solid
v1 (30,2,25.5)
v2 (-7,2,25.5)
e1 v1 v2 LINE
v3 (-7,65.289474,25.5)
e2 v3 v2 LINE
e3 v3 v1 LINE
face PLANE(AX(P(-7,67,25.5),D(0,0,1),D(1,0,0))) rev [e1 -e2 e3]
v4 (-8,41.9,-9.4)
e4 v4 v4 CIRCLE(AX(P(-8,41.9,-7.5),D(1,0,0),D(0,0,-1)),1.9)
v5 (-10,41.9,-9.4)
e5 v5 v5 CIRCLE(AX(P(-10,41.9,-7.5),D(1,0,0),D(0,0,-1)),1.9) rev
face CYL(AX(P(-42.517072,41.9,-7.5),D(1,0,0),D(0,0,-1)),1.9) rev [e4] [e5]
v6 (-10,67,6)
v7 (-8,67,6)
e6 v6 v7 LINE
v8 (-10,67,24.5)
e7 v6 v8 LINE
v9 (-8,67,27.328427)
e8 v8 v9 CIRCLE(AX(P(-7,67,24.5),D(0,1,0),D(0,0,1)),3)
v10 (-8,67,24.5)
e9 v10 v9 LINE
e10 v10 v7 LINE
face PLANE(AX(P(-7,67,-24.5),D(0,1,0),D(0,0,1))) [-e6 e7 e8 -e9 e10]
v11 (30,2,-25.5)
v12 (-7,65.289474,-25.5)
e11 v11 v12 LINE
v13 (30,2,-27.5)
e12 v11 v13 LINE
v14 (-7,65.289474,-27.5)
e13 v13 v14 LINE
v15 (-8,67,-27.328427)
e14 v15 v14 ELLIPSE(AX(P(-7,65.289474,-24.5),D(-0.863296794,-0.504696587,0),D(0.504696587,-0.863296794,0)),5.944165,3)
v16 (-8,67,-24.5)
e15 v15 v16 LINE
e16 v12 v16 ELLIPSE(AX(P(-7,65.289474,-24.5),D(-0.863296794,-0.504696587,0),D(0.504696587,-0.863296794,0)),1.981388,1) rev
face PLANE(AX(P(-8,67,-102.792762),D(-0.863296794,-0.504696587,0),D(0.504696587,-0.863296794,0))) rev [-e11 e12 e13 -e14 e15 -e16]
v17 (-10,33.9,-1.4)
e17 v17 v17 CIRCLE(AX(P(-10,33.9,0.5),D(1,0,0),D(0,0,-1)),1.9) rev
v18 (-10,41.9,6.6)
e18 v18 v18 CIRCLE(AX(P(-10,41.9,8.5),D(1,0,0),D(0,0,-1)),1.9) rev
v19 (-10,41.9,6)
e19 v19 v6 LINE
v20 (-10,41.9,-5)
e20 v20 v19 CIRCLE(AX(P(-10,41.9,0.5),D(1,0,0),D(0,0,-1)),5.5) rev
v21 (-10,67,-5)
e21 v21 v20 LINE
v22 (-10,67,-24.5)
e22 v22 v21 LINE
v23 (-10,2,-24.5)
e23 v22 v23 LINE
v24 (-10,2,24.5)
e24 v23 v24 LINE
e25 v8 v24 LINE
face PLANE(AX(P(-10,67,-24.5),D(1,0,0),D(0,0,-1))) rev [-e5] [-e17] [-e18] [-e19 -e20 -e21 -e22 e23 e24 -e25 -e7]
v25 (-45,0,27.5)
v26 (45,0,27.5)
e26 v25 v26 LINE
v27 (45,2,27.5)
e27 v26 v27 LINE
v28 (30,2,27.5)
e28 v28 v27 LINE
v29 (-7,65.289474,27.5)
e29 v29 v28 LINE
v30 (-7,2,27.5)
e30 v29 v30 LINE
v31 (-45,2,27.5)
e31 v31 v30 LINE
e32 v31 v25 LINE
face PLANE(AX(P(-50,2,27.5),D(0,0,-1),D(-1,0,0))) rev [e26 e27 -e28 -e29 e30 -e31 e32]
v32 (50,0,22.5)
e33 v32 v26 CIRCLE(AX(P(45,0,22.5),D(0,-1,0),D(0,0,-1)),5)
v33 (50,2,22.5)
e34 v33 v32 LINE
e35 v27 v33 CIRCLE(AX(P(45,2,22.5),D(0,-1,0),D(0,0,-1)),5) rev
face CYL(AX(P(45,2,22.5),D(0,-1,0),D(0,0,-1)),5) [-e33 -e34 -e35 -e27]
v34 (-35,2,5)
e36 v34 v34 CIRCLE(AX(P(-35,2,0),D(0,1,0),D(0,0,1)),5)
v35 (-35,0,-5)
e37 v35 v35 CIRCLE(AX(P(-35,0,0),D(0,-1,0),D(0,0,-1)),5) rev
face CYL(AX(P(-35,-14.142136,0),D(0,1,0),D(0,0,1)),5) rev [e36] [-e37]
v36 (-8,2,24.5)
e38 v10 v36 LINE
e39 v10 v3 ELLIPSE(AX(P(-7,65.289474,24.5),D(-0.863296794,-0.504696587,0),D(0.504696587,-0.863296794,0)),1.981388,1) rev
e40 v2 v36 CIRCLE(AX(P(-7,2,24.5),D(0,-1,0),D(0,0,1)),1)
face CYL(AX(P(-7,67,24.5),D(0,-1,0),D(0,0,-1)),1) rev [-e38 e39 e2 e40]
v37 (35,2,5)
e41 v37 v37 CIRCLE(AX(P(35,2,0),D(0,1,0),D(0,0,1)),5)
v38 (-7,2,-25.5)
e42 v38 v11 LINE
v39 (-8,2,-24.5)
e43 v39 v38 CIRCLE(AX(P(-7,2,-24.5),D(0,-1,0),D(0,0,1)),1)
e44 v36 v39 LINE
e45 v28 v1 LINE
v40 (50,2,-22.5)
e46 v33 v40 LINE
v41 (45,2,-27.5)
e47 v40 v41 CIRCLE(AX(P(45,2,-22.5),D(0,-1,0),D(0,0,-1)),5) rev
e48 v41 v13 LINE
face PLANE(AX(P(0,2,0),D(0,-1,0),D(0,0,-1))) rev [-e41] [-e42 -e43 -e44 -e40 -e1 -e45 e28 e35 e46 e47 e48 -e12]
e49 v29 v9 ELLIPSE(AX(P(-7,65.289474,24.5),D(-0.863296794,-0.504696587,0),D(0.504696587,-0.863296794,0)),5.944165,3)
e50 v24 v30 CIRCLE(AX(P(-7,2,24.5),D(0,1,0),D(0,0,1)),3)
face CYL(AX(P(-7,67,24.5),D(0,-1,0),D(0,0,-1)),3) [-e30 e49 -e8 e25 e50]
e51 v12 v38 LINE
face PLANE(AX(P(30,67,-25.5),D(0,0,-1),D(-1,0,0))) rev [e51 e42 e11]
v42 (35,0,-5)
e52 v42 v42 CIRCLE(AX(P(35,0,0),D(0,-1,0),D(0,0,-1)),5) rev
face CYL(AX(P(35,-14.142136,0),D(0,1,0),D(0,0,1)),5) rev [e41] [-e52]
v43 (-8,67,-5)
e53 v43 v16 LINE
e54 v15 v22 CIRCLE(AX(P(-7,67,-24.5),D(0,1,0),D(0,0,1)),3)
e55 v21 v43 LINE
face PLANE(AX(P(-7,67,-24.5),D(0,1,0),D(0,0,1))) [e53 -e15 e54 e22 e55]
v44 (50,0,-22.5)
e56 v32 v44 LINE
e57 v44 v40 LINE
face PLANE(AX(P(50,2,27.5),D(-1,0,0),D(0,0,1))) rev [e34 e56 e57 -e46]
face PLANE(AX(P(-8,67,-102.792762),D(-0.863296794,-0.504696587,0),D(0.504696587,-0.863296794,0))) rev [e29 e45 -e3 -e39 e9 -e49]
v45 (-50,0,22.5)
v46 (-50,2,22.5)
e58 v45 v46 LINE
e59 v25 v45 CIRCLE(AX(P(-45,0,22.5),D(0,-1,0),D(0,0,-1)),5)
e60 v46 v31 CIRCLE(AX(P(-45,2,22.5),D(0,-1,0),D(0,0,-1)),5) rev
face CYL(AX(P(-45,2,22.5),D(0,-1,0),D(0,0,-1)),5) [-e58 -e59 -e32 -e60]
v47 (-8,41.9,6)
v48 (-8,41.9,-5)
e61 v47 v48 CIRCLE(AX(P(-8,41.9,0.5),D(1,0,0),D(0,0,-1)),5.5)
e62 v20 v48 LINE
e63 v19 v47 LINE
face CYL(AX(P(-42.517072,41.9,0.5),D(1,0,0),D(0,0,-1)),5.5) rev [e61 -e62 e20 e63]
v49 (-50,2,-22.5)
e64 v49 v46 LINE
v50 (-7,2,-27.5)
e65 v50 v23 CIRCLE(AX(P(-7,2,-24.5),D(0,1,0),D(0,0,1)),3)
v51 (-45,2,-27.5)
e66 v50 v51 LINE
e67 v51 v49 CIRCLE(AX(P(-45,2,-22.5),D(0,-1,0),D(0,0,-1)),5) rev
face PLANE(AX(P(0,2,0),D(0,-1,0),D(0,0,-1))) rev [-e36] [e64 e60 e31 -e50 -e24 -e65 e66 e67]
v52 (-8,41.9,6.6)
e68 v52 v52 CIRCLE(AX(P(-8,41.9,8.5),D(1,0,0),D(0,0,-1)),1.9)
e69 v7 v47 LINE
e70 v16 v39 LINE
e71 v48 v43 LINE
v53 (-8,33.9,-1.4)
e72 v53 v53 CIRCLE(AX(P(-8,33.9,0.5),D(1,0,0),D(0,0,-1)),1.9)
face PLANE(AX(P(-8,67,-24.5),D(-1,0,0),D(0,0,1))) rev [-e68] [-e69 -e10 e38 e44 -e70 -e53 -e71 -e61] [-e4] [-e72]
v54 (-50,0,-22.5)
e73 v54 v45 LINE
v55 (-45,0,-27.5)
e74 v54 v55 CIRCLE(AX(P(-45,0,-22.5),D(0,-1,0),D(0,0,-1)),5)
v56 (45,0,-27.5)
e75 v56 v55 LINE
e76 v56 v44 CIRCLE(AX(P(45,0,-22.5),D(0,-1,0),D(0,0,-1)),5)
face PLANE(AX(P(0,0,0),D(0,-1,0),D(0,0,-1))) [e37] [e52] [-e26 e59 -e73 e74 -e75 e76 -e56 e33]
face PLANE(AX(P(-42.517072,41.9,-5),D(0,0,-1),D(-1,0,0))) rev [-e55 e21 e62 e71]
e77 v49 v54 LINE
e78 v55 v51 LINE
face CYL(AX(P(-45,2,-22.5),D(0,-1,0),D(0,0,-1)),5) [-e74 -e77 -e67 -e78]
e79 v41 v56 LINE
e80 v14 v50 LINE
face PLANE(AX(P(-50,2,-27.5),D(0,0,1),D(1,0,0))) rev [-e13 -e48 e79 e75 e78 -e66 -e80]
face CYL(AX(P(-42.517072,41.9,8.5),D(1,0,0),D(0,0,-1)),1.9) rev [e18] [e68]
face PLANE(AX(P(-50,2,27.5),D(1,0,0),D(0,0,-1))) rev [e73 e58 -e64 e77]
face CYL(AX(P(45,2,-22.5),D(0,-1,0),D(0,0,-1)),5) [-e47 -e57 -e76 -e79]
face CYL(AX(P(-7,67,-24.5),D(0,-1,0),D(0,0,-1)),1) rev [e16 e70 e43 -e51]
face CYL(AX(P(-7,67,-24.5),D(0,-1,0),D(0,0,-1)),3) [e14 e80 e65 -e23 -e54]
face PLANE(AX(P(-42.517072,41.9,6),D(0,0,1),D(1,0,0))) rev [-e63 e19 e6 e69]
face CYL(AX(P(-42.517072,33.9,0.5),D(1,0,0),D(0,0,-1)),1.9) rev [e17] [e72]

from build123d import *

# Parameters (mm, degrees)
CROQUIS1_W              = 100
CROQUIS1_H              = 55
SALIENTE_EXTRUIR1_DEPTH = 2
CROQUIS2_R              = 5
CORTAR_EXTRUIR1_DEPTH   = 2
SALIENTE_EXTRUIR2_DEPTH = 65
CORTAR_EXTRUIR2_DEPTH   = 55
REDONDEO1_R             = 5
CROQUIS6_R              = 1.9
CORTAR_EXTRUIR3_DEPTH   = 2


with BuildPart() as part:
    # Croquis1 → Saliente-Extruir1 (new body)
    with BuildSketch(Plane(origin=(0, 0, 0), x_dir=(1, 0, 0), z_dir=(0, 1, 0))):
        Rectangle(CROQUIS1_W, CROQUIS1_H)
    extrude(amount=SALIENTE_EXTRUIR1_DEPTH)

    # Croquis2 → Cortar-Extruir1 (cut)
    with BuildSketch(Plane(origin=(0, 2, 0), x_dir=(1, 0, 0), z_dir=(0, 1, 0))):
        with Locations((35, 0)):
            Circle(CROQUIS2_R)
        with Locations((-35, 0)):
            Circle(CROQUIS2_R)
    extrude(amount=-CORTAR_EXTRUIR1_DEPTH, mode=Mode.SUBTRACT)

    # Croquis3 → Saliente-Extruir2 (add)
    with BuildSketch(Plane(origin=(0, 2, 0), x_dir=(1, 0, 0), z_dir=(0, 1, 0))):
        with BuildLine():
            Line((30, 27.5), (-7, 27.5))
            ThreePointArc((-7, 27.5), (-9.121320344, 26.621320344), (-10, 24.5))
            Line((-10, 24.5), (-10, -24.5))
            ThreePointArc((-10, -24.5), (-9.121320344, -26.621320344), (-7, -27.5))
            Line((-7, -27.5), (30, -27.5))
            Line((30, -27.5), (30, -25.5))
            Line((30, -25.5), (-7, -25.5))
            ThreePointArc((-7, -25.5), (-7.707106781, -25.207106781), (-8, -24.5))
            Line((-8, -24.5), (-8, 24.5))
            ThreePointArc((-8, 24.5), (-7.707106781, 25.207106781), (-7, 25.5))
            Line((-7, 25.5), (30, 25.5))
            Line((30, 25.5), (30, 27.5))
        make_face()
    extrude(amount=SALIENTE_EXTRUIR2_DEPTH)

    # Croquis4 → Cortar-Extruir2 (cut)
    with BuildSketch(Plane.XY.offset(27.5)):
        Polygon((-8, 67), (30, 2), (30, 67), align=None)
    extrude(amount=-CORTAR_EXTRUIR2_DEPTH, mode=Mode.SUBTRACT)

    # Redondeo1
    redondeo1_edges = [part.edges().sort_by_distance(p)[0] for p in [
        (50, 1, 27.5),
        (-50, 1, 27.5),
        (-50, 1, -27.5),
        (50, 1, -27.5),
    ]]
    fillet(redondeo1_edges, radius=REDONDEO1_R)

    # Croquis6 → Cortar-Extruir3 (cut)
    with BuildSketch(Plane(origin=(-8, 0, 0), x_dir=(0, 0, -1), z_dir=(1, 0, 0))):
        with Locations((-8.5, 41.9)):
            Circle(CROQUIS6_R)
        with Locations((-0.5, 33.9)):
            Circle(CROQUIS6_R)
        with Locations((7.5, 41.9)):
            Circle(CROQUIS6_R)
        with BuildLine():
            Line((-6, 41.9), (-6, 67))
            Line((-6, 67), (5, 67))
            Line((5, 67), (5, 41.9))
            ThreePointArc((5, 41.9), (-0.5, 36.4), (-6, 41.9))
        make_face()
    extrude(amount=-CORTAR_EXTRUIR3_DEPTH, mode=Mode.SUBTRACT)


solid = part.part
